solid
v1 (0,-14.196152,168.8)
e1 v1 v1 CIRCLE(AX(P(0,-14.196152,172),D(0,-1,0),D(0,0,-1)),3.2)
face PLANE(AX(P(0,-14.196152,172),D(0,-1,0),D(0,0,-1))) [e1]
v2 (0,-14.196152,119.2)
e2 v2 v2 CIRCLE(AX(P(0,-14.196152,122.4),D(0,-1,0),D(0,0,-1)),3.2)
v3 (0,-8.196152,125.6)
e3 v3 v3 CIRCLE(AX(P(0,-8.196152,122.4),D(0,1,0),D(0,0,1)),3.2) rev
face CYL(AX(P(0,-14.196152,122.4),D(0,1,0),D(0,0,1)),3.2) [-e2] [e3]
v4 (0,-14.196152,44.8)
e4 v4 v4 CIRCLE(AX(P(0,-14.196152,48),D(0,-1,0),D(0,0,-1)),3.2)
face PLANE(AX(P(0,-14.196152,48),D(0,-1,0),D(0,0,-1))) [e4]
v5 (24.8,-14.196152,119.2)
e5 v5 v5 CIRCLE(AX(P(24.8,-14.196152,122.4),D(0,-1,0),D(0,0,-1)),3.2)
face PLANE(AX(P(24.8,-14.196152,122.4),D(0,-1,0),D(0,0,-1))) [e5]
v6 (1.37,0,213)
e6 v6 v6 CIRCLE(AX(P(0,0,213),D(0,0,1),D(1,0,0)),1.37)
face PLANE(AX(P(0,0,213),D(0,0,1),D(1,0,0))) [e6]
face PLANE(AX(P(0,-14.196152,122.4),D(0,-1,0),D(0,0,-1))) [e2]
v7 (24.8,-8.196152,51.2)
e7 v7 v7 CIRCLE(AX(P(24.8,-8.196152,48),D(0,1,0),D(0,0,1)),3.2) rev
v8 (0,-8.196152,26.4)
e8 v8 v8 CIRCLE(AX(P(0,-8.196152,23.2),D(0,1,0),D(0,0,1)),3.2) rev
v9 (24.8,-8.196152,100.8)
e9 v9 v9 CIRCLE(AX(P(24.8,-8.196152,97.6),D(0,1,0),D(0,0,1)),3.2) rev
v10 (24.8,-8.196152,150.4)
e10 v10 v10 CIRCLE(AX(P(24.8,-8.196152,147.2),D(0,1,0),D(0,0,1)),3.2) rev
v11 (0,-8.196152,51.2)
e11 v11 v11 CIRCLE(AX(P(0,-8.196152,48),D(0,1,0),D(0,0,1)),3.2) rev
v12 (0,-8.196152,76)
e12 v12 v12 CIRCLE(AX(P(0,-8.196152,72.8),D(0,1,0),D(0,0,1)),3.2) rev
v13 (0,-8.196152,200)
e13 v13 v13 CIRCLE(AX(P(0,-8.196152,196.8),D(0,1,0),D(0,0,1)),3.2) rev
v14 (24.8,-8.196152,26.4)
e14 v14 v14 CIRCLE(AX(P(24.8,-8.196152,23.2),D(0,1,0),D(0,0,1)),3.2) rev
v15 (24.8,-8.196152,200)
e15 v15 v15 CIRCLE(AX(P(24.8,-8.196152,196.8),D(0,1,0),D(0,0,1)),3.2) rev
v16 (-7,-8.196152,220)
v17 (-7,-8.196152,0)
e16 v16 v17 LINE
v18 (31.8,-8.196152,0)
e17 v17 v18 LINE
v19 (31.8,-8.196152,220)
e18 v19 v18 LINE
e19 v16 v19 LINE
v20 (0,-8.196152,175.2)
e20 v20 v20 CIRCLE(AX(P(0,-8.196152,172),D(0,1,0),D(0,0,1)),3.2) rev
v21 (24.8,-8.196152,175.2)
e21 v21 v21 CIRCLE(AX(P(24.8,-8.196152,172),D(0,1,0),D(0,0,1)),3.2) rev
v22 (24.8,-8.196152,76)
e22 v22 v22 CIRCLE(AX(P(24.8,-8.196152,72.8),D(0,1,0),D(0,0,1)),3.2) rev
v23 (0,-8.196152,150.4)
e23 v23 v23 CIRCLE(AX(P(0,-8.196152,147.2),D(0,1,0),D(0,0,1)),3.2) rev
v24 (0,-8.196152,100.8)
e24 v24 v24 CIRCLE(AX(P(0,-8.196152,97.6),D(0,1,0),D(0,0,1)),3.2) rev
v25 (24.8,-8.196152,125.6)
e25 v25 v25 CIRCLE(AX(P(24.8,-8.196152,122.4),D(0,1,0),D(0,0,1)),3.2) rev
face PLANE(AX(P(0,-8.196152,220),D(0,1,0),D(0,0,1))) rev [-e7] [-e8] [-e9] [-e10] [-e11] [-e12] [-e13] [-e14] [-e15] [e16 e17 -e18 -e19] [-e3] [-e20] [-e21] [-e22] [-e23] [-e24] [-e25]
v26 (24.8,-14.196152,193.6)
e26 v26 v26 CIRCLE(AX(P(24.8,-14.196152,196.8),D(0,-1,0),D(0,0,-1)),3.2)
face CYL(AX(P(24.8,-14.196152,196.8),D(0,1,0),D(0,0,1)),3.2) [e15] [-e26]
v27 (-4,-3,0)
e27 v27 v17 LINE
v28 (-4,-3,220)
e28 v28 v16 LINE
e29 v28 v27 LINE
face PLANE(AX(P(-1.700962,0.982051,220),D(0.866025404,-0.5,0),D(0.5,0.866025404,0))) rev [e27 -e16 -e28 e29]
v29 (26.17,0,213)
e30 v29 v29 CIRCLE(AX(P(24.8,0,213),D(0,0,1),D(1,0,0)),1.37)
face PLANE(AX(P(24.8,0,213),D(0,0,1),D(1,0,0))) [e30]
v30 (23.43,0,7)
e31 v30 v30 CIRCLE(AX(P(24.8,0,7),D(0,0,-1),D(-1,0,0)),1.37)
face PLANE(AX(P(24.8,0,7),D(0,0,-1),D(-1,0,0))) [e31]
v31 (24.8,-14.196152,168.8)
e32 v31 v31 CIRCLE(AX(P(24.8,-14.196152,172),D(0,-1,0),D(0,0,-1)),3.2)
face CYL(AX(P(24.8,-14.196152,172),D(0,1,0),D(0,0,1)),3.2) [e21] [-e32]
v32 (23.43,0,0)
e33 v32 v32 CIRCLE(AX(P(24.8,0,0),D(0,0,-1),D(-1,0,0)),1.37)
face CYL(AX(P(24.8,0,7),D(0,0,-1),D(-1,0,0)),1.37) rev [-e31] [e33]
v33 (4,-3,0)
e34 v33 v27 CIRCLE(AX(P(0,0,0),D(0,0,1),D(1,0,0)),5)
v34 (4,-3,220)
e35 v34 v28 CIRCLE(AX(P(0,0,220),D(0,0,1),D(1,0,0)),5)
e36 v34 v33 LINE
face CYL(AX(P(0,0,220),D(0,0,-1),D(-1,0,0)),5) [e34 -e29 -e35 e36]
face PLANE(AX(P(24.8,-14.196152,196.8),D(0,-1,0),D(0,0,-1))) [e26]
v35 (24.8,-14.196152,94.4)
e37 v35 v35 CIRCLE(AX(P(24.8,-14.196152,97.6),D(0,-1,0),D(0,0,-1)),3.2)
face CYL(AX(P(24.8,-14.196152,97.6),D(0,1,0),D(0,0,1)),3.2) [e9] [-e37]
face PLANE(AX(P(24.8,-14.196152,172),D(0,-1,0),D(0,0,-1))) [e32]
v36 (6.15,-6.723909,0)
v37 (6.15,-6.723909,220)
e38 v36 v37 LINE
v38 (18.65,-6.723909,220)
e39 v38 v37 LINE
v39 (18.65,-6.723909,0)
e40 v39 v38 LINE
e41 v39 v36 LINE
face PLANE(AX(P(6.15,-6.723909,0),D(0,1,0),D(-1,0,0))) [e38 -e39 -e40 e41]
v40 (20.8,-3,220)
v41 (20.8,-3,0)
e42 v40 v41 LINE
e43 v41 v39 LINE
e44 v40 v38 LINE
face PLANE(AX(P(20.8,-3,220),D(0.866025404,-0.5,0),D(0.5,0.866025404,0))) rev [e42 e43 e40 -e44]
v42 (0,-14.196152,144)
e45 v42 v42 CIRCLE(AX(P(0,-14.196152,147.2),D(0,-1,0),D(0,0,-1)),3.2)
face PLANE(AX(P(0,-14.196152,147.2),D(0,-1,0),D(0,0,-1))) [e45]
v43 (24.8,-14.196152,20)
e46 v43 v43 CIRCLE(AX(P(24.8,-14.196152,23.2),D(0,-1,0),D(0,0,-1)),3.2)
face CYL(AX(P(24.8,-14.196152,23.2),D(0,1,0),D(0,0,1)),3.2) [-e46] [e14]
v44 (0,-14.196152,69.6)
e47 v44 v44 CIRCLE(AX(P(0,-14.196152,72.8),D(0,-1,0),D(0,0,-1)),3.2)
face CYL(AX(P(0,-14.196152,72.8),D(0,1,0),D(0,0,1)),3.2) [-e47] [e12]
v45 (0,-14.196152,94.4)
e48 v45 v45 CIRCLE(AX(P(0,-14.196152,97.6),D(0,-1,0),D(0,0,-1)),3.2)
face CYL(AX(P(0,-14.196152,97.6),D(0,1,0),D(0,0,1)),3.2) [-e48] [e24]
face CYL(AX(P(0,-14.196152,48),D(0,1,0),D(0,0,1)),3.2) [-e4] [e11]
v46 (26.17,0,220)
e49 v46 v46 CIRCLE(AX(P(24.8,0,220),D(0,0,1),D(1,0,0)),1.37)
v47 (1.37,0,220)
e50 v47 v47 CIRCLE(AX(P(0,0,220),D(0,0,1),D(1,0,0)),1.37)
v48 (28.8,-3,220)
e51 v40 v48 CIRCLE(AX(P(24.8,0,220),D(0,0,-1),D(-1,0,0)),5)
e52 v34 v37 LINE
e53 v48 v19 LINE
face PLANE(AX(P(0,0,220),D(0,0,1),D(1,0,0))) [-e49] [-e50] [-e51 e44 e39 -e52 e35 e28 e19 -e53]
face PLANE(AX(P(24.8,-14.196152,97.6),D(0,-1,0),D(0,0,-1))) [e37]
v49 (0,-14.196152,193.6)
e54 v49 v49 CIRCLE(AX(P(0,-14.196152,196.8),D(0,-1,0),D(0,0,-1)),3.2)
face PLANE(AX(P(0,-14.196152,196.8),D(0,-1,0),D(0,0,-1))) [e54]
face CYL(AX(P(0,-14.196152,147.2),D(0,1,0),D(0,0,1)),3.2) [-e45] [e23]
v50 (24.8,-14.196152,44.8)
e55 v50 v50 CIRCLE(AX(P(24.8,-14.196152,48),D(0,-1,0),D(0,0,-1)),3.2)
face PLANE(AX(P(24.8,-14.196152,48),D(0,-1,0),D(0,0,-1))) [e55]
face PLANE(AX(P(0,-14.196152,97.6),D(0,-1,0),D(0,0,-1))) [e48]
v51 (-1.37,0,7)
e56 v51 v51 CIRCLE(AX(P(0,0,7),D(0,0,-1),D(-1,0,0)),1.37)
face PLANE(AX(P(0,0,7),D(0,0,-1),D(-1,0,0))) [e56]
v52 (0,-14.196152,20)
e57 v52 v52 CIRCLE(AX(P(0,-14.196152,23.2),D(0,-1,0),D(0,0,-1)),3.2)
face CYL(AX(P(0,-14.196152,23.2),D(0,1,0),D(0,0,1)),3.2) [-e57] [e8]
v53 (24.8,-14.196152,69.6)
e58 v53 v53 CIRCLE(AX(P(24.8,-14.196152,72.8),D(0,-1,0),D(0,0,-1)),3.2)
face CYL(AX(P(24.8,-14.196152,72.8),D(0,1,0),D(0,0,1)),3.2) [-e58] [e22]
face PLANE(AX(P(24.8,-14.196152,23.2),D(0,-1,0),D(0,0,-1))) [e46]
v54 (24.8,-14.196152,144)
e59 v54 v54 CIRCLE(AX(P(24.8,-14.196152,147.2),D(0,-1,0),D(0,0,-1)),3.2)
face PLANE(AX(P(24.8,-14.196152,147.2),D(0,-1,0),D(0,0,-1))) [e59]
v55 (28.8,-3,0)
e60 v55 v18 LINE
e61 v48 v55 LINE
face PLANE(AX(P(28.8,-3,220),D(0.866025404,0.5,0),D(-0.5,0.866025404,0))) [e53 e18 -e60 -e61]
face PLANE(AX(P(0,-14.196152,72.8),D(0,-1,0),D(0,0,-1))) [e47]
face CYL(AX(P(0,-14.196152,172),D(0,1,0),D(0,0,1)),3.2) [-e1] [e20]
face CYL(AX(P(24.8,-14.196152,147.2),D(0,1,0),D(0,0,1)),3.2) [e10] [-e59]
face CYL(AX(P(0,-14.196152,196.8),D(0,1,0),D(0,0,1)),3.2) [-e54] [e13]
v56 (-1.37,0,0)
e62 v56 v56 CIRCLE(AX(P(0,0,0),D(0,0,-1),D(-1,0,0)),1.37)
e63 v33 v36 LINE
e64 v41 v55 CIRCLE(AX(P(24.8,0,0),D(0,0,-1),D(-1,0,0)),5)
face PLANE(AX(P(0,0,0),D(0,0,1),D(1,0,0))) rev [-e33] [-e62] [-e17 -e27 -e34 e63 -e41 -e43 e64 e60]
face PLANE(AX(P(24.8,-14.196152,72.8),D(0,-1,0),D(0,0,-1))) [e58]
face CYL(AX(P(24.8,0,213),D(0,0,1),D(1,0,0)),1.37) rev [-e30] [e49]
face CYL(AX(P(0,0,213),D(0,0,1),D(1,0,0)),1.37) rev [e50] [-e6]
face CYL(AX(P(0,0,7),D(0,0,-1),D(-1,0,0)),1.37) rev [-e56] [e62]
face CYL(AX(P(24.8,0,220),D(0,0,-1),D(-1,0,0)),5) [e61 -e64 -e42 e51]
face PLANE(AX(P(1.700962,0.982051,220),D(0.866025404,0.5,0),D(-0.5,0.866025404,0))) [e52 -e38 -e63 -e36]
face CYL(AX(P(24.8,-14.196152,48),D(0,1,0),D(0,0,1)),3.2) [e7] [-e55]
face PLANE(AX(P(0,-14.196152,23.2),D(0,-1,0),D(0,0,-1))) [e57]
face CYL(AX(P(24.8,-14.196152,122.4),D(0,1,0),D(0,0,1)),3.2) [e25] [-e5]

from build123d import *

# Parameters (mm, degrees)
SKETCH1_R           = 5
BOSS_EXTRUDE1_DEPTH = 220
SKETCH4_R           = 3.2
BOSS_EXTRUDE3_DEPTH = 6
BOSS_EXTRUDE4_DEPTH = 220
SKETCH5_R           = 1.37
CUT_EXTRUDE1_DEPTH  = 7
SKETCH6_R           = 1.37
CUT_EXTRUDE2_DEPTH  = 7


with BuildPart() as part:
    # Sketch1 → Boss-Extrude1 (new body)
    with BuildSketch(Plane.XY):
        Circle(SKETCH1_R)
        with BuildLine():
            Line((-4, -3), (-7, -8.196152423))
            Line((-7, -8.196152423), (7, -8.196152423))
            Line((7, -8.196152423), (4, -3))
            ThreePointArc((4, -3), (0, 5), (-4, -3))
        make_face()
        with BuildLine():
            Line((28.8, -3), (31.8, -8.196152423))
            Line((31.8, -8.196152423), (17.8, -8.196152423))
            Line((17.8, -8.196152423), (20.8, -3))
            ThreePointArc((20.8, -3), (24.8, 5), (28.8, -3))
        make_face()
    extrude(amount=BOSS_EXTRUDE1_DEPTH)

    # Sketch4 → Boss-Extrude3 (add)
    with BuildSketch(Plane.XZ.offset(8.196152423)):
        with Locations((0, 196.8)):
            Circle(SKETCH4_R)
        with Locations((24.8, 196.8)):
            Circle(SKETCH4_R)
        with Locations((24.8, 172)):
            Circle(SKETCH4_R)
        with Locations((24.8, 147.2)):
            Circle(SKETCH4_R)
        with Locations((24.8, 122.4)):
            Circle(SKETCH4_R)
        with Locations((24.8, 97.6)):
            Circle(SKETCH4_R)
        with Locations((24.8, 72.8)):
            Circle(SKETCH4_R)
        with Locations((24.8, 48)):
            Circle(SKETCH4_R)
        with Locations((24.8, 23.2)):
            Circle(SKETCH4_R)
        with Locations((0, 172)):
            Circle(SKETCH4_R)
        with Locations((0, 147.2)):
            Circle(SKETCH4_R)
        with Locations((0, 122.4)):
            Circle(SKETCH4_R)
        with Locations((0, 97.6)):
            Circle(SKETCH4_R)
        with Locations((0, 72.8)):
            Circle(SKETCH4_R)
        with Locations((0, 48)):
            Circle(SKETCH4_R)
        with Locations((0, 23.2)):
            Circle(SKETCH4_R)
    extrude(amount=BOSS_EXTRUDE3_DEPTH)

    # Sketch3 → Boss-Extrude4 (add)
    with BuildSketch(Plane.XY.offset(220)):
        Polygon((7, -8.196152423), (17.8, -8.196152423), (18.65, -8.196152423), (18.65, -6.723909236), (6.15, -6.723909236), (6.15, -8.196152423), align=None)
    extrude(amount=-BOSS_EXTRUDE4_DEPTH)

    # Sketch5 → Cut-Extrude1 (cut)
    with BuildSketch(Plane(origin=(0, 0, 0), x_dir=(-1, 0, 0), z_dir=(0, 0, -1))):
        Circle(SKETCH5_R)
        with Locations((-24.8, 0)):
            Circle(SKETCH5_R)
    extrude(amount=-CUT_EXTRUDE1_DEPTH, mode=Mode.SUBTRACT)

    # Sketch6 → Cut-Extrude2 (cut)
    with BuildSketch(Plane.XY.offset(220)):
        Circle(SKETCH6_R)
        with Locations((24.8, 0)):
            Circle(SKETCH6_R)
    extrude(amount=-CUT_EXTRUDE2_DEPTH, mode=Mode.SUBTRACT)


solid = part.part
